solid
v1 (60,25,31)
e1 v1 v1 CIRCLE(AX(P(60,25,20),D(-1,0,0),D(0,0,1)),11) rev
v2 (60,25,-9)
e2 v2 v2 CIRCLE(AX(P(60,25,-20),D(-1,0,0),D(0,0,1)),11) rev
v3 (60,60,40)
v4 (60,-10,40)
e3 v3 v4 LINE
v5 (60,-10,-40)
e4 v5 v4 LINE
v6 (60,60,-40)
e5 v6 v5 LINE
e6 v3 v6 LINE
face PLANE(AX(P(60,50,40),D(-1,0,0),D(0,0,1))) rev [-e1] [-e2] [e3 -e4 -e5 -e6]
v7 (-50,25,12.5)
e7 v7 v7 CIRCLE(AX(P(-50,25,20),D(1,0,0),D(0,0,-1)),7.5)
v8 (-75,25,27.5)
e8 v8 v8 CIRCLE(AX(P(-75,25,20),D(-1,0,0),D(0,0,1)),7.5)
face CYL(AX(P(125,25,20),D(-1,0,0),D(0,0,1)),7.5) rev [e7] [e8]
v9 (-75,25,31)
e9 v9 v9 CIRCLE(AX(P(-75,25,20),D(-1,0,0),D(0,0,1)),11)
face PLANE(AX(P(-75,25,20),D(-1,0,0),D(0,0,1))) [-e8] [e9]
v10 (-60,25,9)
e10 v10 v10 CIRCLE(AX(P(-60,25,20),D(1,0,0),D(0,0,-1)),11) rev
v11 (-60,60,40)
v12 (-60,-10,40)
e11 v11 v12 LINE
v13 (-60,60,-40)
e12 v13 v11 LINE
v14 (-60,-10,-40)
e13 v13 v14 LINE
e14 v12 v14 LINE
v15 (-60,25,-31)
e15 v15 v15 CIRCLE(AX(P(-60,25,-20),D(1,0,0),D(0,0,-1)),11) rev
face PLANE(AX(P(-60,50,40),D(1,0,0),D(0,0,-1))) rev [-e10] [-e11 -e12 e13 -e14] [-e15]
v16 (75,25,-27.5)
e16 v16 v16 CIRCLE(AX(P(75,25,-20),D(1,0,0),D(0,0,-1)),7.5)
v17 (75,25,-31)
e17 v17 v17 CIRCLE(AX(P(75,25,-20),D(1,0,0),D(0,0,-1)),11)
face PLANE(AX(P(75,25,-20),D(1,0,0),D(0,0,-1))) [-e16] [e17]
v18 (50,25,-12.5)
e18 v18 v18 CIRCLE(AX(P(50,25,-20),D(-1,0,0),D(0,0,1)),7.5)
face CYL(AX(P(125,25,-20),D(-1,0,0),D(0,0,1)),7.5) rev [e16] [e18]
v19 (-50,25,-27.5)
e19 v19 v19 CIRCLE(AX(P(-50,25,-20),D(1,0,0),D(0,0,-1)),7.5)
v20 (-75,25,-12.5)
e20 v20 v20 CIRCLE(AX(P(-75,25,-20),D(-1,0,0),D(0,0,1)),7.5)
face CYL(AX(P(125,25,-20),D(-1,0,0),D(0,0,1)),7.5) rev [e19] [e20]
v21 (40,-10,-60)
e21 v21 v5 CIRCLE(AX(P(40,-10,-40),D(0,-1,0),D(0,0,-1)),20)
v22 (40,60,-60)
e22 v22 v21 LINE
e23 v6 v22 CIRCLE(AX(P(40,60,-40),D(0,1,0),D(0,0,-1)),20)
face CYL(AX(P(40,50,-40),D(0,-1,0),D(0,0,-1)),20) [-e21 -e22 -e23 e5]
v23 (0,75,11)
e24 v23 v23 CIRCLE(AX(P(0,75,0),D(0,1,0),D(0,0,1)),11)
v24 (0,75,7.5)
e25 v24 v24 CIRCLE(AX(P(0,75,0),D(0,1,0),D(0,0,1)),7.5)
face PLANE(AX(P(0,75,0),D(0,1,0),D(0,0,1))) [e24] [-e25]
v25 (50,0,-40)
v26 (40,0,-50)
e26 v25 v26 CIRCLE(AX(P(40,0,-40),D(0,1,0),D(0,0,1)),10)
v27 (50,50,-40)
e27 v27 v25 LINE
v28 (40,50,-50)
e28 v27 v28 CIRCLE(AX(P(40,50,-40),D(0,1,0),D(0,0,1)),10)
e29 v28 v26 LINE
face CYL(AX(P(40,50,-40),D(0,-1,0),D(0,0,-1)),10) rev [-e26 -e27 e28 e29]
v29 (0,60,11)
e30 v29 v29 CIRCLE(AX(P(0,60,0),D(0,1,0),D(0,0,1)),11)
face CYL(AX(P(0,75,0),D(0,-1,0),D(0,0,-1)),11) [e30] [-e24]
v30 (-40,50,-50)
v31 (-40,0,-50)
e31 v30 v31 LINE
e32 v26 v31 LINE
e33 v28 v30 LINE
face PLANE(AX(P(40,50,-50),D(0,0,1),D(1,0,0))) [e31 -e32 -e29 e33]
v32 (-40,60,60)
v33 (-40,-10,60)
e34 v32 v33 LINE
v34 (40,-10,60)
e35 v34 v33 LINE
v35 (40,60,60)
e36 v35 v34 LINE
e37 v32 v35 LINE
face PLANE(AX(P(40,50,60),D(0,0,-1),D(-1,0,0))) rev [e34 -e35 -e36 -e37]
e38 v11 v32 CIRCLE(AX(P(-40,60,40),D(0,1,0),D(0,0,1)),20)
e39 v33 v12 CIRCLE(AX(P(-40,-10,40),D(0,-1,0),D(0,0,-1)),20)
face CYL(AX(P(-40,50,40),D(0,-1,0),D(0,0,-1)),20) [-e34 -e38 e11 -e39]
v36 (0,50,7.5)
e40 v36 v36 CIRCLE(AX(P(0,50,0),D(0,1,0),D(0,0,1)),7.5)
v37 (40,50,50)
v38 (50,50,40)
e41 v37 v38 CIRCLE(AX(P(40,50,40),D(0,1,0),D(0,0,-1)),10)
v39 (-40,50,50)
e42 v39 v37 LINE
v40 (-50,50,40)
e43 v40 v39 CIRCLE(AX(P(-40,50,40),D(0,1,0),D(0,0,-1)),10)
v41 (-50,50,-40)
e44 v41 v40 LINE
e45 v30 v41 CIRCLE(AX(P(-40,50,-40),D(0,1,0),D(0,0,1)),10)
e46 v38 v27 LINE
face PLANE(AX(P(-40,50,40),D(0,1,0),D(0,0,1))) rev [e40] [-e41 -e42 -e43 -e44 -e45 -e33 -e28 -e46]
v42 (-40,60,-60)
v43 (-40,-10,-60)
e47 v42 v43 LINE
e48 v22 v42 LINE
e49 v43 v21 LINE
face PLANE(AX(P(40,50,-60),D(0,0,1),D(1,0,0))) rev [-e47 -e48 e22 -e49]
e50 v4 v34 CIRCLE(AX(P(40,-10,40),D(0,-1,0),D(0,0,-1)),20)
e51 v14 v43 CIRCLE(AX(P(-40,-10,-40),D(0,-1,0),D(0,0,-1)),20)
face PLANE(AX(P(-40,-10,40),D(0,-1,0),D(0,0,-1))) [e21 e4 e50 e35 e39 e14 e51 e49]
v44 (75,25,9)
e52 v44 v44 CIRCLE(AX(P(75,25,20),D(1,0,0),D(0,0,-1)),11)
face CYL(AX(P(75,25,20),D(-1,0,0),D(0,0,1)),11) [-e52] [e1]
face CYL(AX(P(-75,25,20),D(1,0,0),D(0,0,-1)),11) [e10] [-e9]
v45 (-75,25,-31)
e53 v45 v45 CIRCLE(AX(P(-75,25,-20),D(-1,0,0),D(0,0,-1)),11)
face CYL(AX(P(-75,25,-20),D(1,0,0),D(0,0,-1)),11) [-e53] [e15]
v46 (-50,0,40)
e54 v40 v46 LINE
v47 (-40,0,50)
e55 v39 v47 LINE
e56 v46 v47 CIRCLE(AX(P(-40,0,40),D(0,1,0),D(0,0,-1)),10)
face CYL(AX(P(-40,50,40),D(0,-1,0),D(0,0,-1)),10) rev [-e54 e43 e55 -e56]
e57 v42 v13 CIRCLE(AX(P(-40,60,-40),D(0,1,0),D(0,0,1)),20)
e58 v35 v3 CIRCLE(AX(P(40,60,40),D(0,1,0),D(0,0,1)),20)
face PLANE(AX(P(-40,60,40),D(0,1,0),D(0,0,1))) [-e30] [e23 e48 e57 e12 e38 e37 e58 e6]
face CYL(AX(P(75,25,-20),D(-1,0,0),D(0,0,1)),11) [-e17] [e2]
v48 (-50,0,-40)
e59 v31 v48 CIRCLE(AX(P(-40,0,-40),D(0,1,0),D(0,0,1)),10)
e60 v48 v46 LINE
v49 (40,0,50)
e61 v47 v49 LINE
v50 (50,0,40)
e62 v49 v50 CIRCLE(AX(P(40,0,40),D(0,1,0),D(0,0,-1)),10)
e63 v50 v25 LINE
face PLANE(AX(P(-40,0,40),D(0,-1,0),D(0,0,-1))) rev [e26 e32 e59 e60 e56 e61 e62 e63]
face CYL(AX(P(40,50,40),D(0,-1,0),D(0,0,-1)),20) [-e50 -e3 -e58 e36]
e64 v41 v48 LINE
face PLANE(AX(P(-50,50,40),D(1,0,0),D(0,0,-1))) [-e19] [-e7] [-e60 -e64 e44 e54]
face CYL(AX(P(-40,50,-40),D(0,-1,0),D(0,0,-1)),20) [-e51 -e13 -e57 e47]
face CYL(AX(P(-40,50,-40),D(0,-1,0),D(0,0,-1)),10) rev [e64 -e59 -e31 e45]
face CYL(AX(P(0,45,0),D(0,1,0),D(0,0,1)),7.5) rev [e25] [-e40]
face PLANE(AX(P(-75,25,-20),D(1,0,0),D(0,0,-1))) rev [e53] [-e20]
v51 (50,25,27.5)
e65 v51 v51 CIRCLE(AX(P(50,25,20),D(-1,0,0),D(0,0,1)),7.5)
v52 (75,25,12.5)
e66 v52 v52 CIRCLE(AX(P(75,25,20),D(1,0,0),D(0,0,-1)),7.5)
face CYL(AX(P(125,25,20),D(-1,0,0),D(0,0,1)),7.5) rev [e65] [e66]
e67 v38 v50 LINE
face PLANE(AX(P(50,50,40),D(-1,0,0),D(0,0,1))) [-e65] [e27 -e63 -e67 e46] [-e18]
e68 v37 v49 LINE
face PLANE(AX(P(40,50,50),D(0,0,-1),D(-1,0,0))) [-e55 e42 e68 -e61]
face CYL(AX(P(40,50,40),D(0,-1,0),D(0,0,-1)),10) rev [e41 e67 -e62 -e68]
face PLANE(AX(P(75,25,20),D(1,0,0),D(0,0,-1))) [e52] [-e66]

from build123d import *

# Parameters (mm, degrees)
RESSALTO_EXTRUS_O1_DEPTH = 50
RESSALTO_EXTRUS_O2_DEPTH = 10
RESSALTO_EXTRUS_O3_START = 10
RESSALTO_EXTRUS_O3_DEPTH = 10
ESBO_O4_R                = 11
RESSALTO_EXTRUS_O4_DEPTH = 15
RESSALTO_EXTRUS_O5_START = 15
ESBO_O5_R                = 11
RESSALTO_EXTRUS_O5_DEPTH = 15
ESBO_O6_R                = 7.5
CORTE_EXTRUS_O1_DEPTH    = 200
ESBO_O7_R                = 11
RESSALTO_EXTRUS_O6_DEPTH = 15
ESBO_O8_R                = 7.5
CORTE_EXTRUS_O2_DEPTH    = 30


with BuildPart() as part:
    # Esboço1 → Ressalto-extrusão1 (new body)
    with BuildSketch(Plane(origin=(0, 0, 0), x_dir=(1, 0, 0), z_dir=(0, 1, 0))):
        with BuildLine():
            Line((40, 60), (-40, 60))
            ThreePointArc((-40, 60), (-54.142135624, 54.142135624), (-60, 40))
            Line((-60, 40), (-60, -40))
            ThreePointArc((-60, -40), (-54.142135624, -54.142135624), (-40, -60))
            Line((-40, -60), (40, -60))
            ThreePointArc((40, -60), (54.142135624, -54.142135624), (60, -40))
            Line((60, -40), (60, 40))
            ThreePointArc((60, 40), (54.142135624, 54.142135624), (40, 60))
        make_face()
        with BuildLine():
            Line((40, -50), (-40, -50))
            ThreePointArc((-40, -50), (-47.071067812, -47.071067812), (-50, -40))
            Line((-50, -40), (-50, 40))
            ThreePointArc((-50, 40), (-47.071067812, 47.071067812), (-40, 50))
            Line((-40, 50), (40, 50))
            ThreePointArc((40, 50), (47.071067812, 47.071067812), (50, 40))
            Line((50, 40), (50, -40))
            ThreePointArc((50, -40), (47.071067812, -47.071067812), (40, -50))
        make_face(mode=Mode.SUBTRACT)
    extrude(amount=RESSALTO_EXTRUS_O1_DEPTH)

    # Esboço2 → Ressalto-extrusão2 (add)
    with BuildSketch(Plane(origin=(0, 50, 0), x_dir=(1, 0, 0), z_dir=(0, 1, 0))):
        with BuildLine():
            Line((-40, -60), (40, -60))
            ThreePointArc((40, -60), (54.142135624, -54.142135624), (60, -40))
            Line((60, -40), (60, 40))
            ThreePointArc((60, 40), (54.142135624, 54.142135624), (40, 60))
            Line((40, 60), (-40, 60))
            ThreePointArc((-40, 60), (-54.142135624, 54.142135624), (-60, 40))
            Line((-60, 40), (-60, -40))
            ThreePointArc((-60, -40), (-54.142135624, -54.142135624), (-40, -60))
        make_face()
    extrude(amount=RESSALTO_EXTRUS_O2_DEPTH)

    # Esboço3 → Ressalto-extrusão3 (add)
    with BuildSketch(Plane(origin=(0, 0, 0), x_dir=(-1, 0, 0), z_dir=(0, -1, 0)).offset(RESSALTO_EXTRUS_O3_START)):
        with BuildLine():
            Line((40, -60), (-40, -60))
            ThreePointArc((-40, -60), (-54.142135624, -54.142135624), (-60, -40))
            Line((-60, -40), (-60, 40))
            ThreePointArc((-60, 40), (-54.142135624, 54.142135624), (-40, 60))
            Line((-40, 60), (40, 60))
            ThreePointArc((40, 60), (54.142135624, 54.142135624), (60, 40))
            Line((60, 40), (60, -40))
            ThreePointArc((60, -40), (54.142135624, -54.142135624), (40, -60))
        make_face()
    extrude(amount=-RESSALTO_EXTRUS_O3_DEPTH)

    # Esboço4 → Ressalto-extrusão4 (add)
    with BuildSketch(Plane.ZY.offset(60)):
        with Locations(Location((20, 25, 0), (0, 0, 180))):
            Circle(ESBO_O4_R)
        with Locations(Location((-20, 25, 0), (0, 0, 180))):
            Circle(ESBO_O4_R)
    extrude(amount=RESSALTO_EXTRUS_O4_DEPTH)

    # Esboço5 → Ressalto-extrusão5 (add)
    with BuildSketch(Plane(origin=(60, 0, 0), x_dir=(0, 0, -1), z_dir=(1, 0, 0)).offset(RESSALTO_EXTRUS_O5_START)):
        with Locations((-20, 25)):
            Circle(ESBO_O5_R)
        with Locations((20, 25)):
            Circle(ESBO_O5_R)
    extrude(amount=-RESSALTO_EXTRUS_O5_DEPTH)

    # Esboço6 → Corte-extrusão1 (cut)
    with BuildSketch(Plane.ZY.offset(75)):
        with Locations((20, 25)):
            Circle(ESBO_O6_R)
        with Locations((-20, 25)):
            Circle(ESBO_O6_R)
    extrude(amount=-CORTE_EXTRUS_O1_DEPTH, mode=Mode.SUBTRACT)

    # Esboço7 → Ressalto-extrusão6 (add)
    with BuildSketch(Plane(origin=(0, 60, 0), x_dir=(1, 0, 0), z_dir=(0, 1, 0))):
        with Locations(Location((0, 0, 0), (0, 0, 270))):
            Circle(ESBO_O7_R)
    extrude(amount=RESSALTO_EXTRUS_O6_DEPTH)

    # Esboço8 → Corte-extrusão2 (cut)
    with BuildSketch(Plane(origin=(0, 75, 0), x_dir=(1, 0, 0), z_dir=(0, 1, 0))):
        with Locations(Location((0, 0, 0), (0, 0, 270))):
            Circle(ESBO_O8_R)
    extrude(amount=-CORTE_EXTRUS_O2_DEPTH, mode=Mode.SUBTRACT)


solid = part.part
